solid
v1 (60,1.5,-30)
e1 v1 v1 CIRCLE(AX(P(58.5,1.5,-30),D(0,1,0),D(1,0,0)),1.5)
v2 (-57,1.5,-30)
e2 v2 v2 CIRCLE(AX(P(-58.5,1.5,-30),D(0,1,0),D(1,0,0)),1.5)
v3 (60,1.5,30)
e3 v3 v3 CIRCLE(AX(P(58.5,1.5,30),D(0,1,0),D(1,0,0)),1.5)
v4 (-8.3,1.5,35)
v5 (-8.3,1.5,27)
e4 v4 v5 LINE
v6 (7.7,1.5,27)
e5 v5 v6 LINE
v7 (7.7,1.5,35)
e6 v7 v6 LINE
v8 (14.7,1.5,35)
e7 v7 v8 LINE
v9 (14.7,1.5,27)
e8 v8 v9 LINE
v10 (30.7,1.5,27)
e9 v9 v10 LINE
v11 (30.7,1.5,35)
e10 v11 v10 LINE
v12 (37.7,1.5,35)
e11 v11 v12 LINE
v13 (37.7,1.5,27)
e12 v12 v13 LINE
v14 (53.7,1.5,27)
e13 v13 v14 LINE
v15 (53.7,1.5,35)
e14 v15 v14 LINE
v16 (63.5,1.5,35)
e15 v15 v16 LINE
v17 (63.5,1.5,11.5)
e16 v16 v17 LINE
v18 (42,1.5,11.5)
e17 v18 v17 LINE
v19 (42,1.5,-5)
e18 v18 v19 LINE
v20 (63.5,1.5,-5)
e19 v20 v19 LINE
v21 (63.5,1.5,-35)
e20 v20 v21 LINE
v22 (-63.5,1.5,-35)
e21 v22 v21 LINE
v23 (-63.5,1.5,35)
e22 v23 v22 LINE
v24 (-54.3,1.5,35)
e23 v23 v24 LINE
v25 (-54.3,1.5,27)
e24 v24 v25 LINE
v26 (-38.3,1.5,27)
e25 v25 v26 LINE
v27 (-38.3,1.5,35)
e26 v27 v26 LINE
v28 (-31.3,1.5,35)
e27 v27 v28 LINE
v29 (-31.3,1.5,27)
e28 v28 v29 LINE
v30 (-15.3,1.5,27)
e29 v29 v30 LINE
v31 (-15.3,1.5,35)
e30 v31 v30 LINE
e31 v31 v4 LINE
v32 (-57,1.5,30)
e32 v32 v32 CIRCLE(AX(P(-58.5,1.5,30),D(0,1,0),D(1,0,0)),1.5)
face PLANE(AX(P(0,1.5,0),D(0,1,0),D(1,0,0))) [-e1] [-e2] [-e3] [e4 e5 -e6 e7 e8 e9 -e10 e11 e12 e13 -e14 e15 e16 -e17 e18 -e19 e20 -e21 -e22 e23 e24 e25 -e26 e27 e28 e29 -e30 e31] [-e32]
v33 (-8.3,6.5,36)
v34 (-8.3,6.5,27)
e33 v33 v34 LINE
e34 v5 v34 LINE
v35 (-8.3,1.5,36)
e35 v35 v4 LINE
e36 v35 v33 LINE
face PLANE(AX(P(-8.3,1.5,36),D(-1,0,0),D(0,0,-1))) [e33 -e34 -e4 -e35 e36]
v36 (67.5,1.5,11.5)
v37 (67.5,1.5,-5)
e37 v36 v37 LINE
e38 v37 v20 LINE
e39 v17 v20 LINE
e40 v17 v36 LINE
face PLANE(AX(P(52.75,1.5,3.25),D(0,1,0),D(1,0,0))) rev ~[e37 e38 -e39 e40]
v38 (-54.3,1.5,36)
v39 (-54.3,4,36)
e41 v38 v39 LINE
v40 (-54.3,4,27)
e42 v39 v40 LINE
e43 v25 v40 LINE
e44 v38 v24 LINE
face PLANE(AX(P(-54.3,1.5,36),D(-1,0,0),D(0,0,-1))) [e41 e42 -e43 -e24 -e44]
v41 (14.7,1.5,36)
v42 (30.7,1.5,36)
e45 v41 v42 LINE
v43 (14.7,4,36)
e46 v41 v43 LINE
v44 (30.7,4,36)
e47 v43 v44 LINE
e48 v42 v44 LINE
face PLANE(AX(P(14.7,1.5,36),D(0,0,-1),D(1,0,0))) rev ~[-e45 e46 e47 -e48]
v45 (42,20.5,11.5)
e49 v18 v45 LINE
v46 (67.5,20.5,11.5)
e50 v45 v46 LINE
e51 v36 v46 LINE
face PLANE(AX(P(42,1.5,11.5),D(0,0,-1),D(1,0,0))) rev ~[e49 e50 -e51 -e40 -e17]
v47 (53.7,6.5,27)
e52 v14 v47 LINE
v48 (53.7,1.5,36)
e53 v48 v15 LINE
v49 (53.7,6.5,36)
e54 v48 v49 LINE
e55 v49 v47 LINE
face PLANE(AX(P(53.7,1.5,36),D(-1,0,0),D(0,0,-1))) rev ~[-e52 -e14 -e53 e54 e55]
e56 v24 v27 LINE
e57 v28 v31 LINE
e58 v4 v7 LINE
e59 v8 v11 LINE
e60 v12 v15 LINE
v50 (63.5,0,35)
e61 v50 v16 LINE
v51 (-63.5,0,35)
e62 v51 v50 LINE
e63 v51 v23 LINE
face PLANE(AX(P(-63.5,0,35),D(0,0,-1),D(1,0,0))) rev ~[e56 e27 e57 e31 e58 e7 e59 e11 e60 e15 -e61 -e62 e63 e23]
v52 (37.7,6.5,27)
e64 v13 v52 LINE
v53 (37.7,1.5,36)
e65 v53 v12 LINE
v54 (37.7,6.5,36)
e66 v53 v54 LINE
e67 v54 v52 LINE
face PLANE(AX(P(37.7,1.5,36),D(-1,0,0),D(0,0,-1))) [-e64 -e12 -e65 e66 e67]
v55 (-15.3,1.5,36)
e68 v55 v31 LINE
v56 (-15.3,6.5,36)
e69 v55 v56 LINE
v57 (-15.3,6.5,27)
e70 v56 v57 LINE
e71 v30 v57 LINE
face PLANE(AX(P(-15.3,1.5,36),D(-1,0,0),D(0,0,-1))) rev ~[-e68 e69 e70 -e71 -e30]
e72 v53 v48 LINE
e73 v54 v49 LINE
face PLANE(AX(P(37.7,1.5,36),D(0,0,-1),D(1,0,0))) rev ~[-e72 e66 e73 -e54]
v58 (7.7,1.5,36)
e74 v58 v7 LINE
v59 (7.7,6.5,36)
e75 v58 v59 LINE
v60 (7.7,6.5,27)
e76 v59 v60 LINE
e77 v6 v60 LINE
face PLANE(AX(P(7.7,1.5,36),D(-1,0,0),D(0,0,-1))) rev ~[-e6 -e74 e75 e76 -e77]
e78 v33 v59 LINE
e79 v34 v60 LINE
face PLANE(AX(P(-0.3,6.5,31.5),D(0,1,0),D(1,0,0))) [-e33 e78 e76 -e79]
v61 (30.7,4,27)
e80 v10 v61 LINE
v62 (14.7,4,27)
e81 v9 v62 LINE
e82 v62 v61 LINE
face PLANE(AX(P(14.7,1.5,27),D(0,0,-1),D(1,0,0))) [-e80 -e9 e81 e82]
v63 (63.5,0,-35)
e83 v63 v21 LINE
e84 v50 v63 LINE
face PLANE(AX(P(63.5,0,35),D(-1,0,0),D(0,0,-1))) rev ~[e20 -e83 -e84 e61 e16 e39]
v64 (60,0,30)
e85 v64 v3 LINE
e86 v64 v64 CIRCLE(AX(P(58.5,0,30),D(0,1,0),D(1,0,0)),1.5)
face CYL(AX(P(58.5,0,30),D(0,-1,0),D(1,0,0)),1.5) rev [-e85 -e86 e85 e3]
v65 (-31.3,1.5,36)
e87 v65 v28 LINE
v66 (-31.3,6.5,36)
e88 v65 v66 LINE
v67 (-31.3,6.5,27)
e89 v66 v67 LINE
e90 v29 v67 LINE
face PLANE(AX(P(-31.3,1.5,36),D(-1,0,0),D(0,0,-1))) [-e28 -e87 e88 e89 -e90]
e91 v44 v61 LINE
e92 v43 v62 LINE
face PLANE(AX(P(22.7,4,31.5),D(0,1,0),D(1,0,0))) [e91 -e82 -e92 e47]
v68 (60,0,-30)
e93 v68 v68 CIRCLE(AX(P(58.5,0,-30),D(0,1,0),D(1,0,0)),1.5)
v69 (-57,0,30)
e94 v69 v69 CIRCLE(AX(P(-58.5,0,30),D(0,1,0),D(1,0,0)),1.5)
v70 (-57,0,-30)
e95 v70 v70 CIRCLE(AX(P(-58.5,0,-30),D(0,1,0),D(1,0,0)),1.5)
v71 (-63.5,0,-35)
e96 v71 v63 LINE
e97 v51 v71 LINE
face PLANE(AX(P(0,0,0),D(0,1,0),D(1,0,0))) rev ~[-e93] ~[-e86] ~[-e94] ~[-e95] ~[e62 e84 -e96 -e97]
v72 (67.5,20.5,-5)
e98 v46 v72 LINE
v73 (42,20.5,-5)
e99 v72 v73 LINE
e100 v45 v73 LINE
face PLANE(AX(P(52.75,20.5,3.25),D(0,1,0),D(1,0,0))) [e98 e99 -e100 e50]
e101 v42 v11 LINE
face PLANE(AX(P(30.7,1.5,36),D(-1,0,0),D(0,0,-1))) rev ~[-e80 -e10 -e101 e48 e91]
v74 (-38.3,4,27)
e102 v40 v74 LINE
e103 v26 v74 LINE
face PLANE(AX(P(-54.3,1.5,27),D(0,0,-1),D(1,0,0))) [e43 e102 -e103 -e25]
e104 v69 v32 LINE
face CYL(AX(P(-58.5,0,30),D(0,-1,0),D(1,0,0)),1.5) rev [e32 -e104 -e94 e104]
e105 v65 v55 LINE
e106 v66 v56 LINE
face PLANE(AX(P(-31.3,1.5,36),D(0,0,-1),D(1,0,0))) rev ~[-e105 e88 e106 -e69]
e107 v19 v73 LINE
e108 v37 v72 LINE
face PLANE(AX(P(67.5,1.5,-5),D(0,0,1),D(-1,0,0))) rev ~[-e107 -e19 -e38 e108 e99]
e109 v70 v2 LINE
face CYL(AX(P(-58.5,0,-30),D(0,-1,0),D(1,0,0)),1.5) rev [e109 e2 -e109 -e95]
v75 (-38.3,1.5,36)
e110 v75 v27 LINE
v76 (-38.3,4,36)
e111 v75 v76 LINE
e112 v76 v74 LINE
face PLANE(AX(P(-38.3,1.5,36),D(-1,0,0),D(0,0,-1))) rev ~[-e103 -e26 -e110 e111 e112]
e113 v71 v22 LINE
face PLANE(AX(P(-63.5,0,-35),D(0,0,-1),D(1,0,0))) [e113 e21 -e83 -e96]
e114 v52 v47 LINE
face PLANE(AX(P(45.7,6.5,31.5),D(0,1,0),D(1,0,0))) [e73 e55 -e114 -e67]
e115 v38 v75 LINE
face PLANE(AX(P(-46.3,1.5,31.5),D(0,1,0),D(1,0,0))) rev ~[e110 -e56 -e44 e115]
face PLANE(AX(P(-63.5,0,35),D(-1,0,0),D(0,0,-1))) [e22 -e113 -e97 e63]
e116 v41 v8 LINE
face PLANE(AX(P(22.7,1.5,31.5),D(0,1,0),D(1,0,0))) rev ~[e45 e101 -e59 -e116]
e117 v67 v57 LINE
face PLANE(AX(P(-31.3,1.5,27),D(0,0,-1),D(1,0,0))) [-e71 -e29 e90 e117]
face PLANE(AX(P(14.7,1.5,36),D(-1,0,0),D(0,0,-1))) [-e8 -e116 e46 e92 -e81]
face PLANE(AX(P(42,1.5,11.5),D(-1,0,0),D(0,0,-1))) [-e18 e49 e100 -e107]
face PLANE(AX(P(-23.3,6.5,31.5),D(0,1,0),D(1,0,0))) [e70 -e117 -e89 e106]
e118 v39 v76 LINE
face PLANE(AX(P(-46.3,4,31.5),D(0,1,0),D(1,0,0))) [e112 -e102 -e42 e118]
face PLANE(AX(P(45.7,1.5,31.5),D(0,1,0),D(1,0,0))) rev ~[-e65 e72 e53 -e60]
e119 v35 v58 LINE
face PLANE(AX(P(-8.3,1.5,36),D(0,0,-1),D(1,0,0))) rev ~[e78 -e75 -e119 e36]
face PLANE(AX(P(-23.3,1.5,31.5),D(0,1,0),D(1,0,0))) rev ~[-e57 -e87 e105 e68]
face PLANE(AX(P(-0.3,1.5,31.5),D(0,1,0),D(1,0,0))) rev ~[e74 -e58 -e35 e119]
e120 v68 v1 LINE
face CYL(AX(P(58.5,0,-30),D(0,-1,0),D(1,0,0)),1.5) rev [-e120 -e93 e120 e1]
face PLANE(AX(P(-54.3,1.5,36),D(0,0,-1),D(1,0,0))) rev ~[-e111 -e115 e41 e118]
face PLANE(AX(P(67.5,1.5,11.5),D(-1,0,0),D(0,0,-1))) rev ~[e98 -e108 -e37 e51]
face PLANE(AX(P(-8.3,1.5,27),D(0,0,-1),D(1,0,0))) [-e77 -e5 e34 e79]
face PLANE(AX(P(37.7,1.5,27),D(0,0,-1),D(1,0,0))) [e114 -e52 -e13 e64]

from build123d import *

# Parameters (mm, degrees)
ESQUISSE1_W        = 127
ESQUISSE1_H        = 70
ESQUISSE1_R        = 1.5
BOSS_EXTRU_1_DEPTH = 1.5
ESQUISSE2_W        = 16
ESQUISSE2_H        = 9
BOSS_EXTRU_2_DEPTH = 2.5
ESQUISSE2_3_W      = 16
ESQUISSE2_3_H      = 9
BOSS_EXTRU_3_DEPTH = 5
ESQUISSE2_4_W      = 25.5
ESQUISSE2_4_H      = 16.5
BOSS_EXTRU_4_DEPTH = 19


with BuildPart() as part:
    # Esquisse1 → Boss.-Extru.1 (new body)
    with BuildSketch(Plane(origin=(0, 0, 0), x_dir=(1, 0, 0), z_dir=(0, 1, 0))):
        Rectangle(ESQUISSE1_W, ESQUISSE1_H)
        with Locations((-58.5, 30)):
            Circle(ESQUISSE1_R, mode=Mode.SUBTRACT)
        with Locations((-58.5, -30)):
            Circle(ESQUISSE1_R, mode=Mode.SUBTRACT)
        with Locations((58.5, 30)):
            Circle(ESQUISSE1_R, mode=Mode.SUBTRACT)
        with Locations((58.5, -30)):
            Circle(ESQUISSE1_R, mode=Mode.SUBTRACT)
    extrude(amount=BOSS_EXTRU_1_DEPTH)

    # Esquisse2 → Boss.-Extru.2 (add)
    with BuildSketch(Plane(origin=(0, 1.5, 0), x_dir=(1, 0, 0), z_dir=(0, 1, 0))):
        with Locations((22.7, -31.5)):
            Rectangle(ESQUISSE2_W, ESQUISSE2_H)
        with Locations((-46.3, -31.5)):
            Rectangle(ESQUISSE2_W, ESQUISSE2_H)
    extrude(amount=BOSS_EXTRU_2_DEPTH)

    # Esquisse2<3> → Boss.-Extru.3 (add)
    with BuildSketch(Plane(origin=(0, 1.5, 0), x_dir=(1, 0, 0), z_dir=(0, 1, 0))):
        with Locations((-23.3, -31.5)):
            Rectangle(ESQUISSE2_3_W, ESQUISSE2_3_H)
        with Locations((45.7, -31.5)):
            Rectangle(ESQUISSE2_3_W, ESQUISSE2_3_H)
        with Locations((-0.3, -31.5)):
            Rectangle(ESQUISSE2_3_W, ESQUISSE2_3_H)
    extrude(amount=BOSS_EXTRU_3_DEPTH)

    # Esquisse2<4> → Boss.-Extru.4 (add)
    with BuildSketch(Plane(origin=(0, 1.5, 0), x_dir=(1, 0, 0), z_dir=(0, 1, 0))):
        with Locations((54.75, -3.25)):
            Rectangle(ESQUISSE2_4_W, ESQUISSE2_4_H)
    extrude(amount=BOSS_EXTRU_4_DEPTH)


solid = part.part
